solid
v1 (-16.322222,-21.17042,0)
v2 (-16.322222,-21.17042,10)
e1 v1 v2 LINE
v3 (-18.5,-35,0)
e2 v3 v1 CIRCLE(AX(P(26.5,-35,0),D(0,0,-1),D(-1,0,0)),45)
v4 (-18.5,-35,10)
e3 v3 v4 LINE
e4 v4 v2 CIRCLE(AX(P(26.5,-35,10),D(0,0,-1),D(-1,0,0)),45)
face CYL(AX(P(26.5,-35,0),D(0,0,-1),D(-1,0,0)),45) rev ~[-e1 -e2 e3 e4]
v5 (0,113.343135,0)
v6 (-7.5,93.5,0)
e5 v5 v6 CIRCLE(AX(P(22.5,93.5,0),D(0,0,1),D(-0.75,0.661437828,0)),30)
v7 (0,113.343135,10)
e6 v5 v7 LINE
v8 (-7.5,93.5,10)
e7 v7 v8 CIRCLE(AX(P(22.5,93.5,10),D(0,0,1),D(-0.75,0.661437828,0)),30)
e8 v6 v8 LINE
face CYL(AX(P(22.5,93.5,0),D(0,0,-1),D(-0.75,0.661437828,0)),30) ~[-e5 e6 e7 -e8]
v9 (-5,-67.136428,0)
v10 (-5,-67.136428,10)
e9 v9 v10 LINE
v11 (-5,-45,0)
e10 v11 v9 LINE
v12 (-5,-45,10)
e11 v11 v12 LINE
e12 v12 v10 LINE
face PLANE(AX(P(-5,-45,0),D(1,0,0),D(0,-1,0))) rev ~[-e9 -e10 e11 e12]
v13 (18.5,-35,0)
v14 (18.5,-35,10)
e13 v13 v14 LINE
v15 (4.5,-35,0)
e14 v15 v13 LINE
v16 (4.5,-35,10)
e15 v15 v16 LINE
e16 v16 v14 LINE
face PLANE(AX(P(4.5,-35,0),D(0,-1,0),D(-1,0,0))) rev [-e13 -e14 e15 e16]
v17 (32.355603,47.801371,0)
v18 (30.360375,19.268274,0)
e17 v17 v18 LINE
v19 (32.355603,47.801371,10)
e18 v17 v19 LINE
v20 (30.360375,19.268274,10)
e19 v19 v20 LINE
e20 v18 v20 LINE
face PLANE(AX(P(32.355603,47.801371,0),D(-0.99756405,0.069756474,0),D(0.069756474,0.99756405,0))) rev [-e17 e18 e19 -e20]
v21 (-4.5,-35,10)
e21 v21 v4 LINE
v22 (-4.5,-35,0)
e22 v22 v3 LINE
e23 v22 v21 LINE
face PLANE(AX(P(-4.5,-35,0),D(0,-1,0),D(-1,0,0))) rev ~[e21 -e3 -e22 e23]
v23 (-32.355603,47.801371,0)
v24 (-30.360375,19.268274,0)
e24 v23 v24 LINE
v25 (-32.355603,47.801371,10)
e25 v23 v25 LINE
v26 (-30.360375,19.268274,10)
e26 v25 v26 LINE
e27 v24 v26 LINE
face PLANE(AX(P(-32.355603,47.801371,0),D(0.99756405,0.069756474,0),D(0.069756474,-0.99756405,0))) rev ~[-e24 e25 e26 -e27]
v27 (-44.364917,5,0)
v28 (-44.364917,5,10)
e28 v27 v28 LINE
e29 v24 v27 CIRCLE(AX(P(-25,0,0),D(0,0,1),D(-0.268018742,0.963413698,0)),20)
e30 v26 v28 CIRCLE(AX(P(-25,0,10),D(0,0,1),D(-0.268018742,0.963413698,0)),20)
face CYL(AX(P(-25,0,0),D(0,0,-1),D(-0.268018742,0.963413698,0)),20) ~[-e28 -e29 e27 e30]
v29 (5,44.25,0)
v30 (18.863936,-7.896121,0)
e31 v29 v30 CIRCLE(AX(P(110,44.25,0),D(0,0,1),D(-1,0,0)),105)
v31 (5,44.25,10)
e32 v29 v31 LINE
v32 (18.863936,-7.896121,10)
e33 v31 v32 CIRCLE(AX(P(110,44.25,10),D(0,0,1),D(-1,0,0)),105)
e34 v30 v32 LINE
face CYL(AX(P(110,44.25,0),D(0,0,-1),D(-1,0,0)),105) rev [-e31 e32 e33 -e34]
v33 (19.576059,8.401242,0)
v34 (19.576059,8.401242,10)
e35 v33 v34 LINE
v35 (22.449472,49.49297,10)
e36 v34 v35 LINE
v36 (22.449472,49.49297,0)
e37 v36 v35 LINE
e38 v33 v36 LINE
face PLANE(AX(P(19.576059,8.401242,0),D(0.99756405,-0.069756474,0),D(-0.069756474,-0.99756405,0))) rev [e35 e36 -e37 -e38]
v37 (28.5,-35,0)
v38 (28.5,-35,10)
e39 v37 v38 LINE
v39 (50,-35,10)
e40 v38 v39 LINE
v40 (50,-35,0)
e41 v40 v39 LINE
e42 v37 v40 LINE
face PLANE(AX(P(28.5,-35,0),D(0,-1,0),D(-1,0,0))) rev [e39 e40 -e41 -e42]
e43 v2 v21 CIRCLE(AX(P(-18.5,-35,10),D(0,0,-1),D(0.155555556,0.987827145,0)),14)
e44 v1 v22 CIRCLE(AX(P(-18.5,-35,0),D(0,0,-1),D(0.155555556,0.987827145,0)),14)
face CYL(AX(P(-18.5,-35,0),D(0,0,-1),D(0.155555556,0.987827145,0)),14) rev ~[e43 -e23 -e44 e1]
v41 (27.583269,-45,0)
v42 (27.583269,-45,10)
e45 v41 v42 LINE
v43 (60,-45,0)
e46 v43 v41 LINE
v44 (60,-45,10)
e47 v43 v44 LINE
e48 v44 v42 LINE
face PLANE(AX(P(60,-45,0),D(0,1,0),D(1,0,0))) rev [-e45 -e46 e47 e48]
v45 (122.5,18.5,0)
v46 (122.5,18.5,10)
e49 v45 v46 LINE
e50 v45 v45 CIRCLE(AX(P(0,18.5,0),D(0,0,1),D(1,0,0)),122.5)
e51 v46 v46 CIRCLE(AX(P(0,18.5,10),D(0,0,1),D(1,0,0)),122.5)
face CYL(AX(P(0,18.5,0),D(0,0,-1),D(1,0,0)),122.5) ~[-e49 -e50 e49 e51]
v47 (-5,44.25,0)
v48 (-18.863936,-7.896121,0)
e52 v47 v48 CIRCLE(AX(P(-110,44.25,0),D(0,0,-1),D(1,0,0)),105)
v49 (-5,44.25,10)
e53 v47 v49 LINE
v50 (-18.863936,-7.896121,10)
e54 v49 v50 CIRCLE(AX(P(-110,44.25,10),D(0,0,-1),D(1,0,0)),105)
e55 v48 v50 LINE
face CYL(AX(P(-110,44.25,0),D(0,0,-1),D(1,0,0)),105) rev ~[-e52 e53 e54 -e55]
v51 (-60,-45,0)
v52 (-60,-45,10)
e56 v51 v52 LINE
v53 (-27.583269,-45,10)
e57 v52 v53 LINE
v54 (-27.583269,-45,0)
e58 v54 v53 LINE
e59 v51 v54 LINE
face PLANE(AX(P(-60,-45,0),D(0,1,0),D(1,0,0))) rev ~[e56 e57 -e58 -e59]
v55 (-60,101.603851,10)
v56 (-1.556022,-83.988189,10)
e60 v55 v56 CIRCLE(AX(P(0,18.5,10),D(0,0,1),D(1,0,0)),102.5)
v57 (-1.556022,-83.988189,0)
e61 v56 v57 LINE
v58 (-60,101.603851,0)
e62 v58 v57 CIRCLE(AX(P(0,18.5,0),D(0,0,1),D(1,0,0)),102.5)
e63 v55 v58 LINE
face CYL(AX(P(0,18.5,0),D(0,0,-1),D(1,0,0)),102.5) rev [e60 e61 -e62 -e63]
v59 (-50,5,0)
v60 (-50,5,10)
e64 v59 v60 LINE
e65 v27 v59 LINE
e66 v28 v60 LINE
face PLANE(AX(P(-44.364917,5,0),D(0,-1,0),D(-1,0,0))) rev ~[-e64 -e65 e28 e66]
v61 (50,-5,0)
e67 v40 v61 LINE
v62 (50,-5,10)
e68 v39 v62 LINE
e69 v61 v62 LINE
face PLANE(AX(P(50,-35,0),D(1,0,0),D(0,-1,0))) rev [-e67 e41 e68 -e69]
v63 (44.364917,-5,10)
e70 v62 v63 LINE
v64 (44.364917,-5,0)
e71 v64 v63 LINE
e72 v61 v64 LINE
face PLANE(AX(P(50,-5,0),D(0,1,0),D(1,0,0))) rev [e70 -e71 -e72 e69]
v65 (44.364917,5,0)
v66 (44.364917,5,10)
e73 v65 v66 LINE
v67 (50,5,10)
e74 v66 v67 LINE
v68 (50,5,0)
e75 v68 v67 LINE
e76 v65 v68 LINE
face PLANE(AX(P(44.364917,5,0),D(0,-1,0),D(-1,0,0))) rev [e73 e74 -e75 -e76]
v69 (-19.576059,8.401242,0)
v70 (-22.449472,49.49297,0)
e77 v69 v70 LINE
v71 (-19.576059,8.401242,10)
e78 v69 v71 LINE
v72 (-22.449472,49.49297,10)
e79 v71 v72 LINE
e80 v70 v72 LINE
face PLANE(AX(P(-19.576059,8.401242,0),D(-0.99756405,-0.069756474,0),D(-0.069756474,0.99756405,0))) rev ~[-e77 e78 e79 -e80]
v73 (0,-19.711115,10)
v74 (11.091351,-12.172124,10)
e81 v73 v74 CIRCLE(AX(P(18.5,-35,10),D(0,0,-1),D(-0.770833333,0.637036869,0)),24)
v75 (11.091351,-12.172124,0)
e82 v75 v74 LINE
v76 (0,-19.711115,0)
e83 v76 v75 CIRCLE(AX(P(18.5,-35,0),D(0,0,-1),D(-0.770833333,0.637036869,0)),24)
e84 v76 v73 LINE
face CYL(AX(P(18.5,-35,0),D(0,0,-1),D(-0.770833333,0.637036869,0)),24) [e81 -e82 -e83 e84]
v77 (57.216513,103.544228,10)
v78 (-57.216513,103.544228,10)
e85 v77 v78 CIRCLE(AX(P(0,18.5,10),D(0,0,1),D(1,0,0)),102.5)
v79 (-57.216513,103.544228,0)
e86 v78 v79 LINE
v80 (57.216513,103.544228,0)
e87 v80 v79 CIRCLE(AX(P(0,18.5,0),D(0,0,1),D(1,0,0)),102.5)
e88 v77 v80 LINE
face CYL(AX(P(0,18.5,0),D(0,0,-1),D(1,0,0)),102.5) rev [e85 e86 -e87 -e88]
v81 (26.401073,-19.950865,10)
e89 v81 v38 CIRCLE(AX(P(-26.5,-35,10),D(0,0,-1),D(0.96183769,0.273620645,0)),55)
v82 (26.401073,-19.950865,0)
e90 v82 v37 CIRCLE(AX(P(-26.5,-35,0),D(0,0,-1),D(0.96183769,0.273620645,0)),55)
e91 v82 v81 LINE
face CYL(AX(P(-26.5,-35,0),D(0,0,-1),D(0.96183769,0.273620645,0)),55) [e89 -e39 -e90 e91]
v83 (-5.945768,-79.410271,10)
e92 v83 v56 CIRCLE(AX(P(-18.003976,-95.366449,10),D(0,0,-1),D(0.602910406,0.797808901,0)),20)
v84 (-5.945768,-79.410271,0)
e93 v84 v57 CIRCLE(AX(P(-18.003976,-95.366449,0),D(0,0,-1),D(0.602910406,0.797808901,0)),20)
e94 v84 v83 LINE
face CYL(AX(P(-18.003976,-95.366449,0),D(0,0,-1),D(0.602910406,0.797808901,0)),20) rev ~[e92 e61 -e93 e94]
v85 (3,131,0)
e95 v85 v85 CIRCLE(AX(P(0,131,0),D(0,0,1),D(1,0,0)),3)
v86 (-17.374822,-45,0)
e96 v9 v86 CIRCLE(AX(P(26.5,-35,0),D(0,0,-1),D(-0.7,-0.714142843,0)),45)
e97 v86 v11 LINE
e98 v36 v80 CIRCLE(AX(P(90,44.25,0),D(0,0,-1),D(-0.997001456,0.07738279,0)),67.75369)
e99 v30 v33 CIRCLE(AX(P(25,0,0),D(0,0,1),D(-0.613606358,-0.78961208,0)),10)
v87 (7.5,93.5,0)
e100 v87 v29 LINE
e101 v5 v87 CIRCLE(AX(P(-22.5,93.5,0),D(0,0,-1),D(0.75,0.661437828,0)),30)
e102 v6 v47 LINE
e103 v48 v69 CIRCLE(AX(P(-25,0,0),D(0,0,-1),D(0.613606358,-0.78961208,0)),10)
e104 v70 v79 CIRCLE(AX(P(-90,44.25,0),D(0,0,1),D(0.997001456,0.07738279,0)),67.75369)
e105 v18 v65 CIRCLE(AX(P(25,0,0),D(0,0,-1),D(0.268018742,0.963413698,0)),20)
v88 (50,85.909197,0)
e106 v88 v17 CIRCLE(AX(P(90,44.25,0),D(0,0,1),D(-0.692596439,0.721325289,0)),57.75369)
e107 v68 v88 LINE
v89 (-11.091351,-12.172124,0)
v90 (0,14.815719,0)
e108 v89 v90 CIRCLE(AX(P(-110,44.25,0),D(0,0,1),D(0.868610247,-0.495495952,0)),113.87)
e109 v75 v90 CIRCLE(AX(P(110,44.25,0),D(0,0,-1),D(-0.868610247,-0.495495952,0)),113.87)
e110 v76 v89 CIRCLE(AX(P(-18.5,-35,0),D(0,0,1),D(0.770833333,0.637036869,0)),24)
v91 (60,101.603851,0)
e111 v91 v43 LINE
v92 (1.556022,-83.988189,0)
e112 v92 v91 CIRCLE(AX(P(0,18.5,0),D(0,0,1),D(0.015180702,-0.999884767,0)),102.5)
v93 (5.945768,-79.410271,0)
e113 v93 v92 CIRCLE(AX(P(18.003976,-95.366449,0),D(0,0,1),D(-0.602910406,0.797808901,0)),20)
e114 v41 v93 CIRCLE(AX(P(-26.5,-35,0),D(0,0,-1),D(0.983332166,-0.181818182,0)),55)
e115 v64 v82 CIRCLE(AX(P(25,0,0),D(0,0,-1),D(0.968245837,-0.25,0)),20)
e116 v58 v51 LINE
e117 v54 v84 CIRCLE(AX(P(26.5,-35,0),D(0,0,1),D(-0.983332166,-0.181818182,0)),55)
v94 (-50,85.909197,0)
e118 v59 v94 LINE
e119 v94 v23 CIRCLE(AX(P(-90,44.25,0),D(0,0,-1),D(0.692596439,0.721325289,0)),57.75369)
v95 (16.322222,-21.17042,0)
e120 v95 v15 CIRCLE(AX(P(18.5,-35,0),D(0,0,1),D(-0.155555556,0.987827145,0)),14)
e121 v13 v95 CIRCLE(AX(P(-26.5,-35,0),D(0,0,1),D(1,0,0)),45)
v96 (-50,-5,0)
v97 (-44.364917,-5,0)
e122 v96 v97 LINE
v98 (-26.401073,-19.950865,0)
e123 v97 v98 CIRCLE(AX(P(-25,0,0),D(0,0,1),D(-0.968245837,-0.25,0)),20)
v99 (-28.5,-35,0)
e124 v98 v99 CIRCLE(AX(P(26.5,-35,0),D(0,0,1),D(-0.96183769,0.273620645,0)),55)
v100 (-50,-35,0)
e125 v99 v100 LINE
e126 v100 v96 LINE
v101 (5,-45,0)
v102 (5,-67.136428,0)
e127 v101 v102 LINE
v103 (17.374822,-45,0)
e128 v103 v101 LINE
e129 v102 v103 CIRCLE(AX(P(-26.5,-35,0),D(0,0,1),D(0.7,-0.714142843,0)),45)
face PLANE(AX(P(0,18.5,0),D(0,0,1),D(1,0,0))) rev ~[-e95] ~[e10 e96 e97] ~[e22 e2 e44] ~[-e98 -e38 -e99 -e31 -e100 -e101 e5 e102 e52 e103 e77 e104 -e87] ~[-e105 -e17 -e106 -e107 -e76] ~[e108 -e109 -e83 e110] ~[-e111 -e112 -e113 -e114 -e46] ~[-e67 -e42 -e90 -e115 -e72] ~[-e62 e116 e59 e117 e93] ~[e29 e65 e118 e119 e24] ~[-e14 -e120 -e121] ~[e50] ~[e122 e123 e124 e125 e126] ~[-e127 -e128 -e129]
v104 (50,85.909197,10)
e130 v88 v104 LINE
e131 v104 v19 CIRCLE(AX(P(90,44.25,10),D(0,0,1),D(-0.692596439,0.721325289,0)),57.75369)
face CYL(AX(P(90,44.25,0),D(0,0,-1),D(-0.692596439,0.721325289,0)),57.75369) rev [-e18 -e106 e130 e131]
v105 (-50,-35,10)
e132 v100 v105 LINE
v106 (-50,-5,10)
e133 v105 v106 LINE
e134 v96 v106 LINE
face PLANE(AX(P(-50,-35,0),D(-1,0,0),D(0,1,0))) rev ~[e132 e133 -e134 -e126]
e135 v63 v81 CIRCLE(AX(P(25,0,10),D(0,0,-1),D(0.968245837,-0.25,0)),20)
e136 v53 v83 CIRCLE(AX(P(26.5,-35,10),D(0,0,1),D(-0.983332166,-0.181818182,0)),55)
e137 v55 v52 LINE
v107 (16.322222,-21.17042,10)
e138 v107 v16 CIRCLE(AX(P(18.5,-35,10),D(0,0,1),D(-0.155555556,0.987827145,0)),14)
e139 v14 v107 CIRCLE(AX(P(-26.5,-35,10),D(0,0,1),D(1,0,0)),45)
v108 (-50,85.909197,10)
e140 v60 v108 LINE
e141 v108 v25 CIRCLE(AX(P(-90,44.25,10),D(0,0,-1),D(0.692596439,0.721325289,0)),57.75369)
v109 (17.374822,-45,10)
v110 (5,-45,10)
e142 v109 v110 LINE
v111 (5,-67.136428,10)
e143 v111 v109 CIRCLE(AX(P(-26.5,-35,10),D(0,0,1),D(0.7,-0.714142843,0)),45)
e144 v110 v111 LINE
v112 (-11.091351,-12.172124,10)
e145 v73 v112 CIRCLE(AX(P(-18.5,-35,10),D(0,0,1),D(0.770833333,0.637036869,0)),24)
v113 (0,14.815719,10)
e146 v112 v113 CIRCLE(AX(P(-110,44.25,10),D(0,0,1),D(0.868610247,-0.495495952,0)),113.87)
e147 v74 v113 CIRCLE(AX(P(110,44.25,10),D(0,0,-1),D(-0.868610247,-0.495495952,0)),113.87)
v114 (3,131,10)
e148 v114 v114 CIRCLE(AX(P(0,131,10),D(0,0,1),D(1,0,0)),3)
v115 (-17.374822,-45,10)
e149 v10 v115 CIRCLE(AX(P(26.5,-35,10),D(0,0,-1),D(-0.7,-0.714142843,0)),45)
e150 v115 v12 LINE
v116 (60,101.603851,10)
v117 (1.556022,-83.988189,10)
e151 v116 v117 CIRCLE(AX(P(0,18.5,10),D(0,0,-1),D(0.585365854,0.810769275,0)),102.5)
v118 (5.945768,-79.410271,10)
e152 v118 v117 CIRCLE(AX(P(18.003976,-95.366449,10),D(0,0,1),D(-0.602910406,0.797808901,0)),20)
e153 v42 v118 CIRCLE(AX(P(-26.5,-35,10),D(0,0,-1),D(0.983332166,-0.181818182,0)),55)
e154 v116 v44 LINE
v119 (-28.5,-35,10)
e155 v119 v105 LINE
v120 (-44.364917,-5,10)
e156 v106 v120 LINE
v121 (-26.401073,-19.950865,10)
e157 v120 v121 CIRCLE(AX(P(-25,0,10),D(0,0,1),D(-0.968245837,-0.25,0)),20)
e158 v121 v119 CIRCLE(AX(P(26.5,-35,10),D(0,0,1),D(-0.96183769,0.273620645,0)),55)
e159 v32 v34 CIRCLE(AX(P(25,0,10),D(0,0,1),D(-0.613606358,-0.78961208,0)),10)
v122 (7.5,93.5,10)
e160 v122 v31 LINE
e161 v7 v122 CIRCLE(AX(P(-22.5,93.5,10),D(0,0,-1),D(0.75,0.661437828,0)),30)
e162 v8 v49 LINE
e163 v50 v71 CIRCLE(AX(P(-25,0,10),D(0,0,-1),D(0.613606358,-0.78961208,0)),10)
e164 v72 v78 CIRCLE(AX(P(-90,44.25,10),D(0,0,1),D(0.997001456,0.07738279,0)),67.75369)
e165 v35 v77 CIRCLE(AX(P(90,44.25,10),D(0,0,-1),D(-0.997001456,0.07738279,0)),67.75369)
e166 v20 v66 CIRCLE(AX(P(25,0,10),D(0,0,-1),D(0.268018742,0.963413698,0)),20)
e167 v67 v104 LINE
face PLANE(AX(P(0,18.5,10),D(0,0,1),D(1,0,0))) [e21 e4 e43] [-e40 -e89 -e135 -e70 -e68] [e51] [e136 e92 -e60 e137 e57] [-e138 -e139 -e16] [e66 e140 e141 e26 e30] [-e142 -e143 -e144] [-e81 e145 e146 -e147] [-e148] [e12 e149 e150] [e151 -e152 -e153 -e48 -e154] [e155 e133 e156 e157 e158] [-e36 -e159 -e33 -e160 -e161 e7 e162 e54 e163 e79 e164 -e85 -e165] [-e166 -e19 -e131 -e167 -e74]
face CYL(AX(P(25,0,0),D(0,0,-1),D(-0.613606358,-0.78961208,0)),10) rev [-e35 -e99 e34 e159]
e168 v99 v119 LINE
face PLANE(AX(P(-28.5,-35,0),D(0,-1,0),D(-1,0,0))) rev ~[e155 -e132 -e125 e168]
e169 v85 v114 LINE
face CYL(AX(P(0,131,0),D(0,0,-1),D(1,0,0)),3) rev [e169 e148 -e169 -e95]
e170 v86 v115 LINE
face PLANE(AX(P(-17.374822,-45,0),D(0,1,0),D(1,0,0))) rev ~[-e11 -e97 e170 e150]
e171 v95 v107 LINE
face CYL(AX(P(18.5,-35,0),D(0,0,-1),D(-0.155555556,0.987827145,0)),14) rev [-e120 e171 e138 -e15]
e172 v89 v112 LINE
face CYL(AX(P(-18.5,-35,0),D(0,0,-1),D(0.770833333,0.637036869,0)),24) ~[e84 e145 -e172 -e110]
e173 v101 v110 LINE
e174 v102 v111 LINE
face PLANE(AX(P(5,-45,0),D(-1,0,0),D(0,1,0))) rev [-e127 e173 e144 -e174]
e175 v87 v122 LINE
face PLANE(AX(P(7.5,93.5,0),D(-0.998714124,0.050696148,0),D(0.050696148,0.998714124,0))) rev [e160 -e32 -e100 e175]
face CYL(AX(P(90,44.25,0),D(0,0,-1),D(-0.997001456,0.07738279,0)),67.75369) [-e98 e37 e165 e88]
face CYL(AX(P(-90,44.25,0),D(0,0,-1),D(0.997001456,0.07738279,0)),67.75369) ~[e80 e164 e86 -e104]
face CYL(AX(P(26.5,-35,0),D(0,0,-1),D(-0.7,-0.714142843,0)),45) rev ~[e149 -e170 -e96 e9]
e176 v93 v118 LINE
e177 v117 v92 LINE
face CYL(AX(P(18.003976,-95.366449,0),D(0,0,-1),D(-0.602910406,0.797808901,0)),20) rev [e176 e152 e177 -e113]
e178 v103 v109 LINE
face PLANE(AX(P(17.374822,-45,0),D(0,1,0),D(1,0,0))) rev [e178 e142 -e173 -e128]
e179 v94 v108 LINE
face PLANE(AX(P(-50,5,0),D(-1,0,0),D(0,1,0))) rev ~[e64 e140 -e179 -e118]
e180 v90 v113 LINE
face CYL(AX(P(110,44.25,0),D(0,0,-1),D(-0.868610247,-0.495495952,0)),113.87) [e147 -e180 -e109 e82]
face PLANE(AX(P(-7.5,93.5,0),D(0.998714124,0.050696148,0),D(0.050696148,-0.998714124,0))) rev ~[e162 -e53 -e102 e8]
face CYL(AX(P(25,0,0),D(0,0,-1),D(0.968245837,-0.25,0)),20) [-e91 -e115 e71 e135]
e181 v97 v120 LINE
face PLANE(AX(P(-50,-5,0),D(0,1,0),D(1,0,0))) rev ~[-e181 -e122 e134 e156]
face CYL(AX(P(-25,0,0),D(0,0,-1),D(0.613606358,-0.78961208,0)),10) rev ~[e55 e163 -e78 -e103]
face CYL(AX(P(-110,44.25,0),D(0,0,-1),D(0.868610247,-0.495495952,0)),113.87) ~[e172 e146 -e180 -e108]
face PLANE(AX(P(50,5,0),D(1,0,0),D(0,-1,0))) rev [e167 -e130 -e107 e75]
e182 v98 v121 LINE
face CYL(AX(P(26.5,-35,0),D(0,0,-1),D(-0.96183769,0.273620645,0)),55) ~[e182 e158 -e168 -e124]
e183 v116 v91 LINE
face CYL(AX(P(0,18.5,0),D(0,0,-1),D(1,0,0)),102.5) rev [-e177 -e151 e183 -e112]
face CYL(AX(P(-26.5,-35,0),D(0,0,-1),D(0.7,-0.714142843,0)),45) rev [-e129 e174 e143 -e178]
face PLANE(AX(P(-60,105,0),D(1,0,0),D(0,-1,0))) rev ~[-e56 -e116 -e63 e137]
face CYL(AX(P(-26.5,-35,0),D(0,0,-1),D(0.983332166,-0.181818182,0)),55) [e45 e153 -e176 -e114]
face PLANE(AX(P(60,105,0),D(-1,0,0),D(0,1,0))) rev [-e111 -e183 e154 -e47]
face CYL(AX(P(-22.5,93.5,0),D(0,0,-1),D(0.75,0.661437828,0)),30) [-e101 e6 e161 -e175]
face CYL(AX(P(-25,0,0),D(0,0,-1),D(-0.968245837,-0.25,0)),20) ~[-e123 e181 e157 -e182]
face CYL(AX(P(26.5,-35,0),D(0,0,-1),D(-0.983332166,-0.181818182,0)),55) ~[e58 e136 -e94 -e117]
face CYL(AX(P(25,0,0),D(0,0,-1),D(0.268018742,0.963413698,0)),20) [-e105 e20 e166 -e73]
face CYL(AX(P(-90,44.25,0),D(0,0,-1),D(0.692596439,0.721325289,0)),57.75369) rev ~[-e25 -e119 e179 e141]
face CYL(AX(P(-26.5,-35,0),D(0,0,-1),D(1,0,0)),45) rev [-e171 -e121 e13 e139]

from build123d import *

# Parameters (mm, degrees)
EXTRUDE_1_DEPTH = 10
SKETCH_3_R      = 122.5
SKETCH_3_R_2    = 102.5
SKETCH_3_R_3    = 3
EXTRUDE_2_DEPTH = 10


with BuildPart() as part:
    # Эскиз1 → Бобышка-Вытянуть1 (new body)
    with BuildSketch(Plane.XY):
        with BuildLine():
            Line((-60, -45), (-27.583269132, -45))
            ThreePointArc((-27.583269132, -45), (-20.06001769, -64.277376125), (-5.945767968, -79.41027067))
            ThreePointArc((-5.945767968, -79.41027067), (-2.542345747, -82.680315027), (0, -86.656865167))
            Line((0, -86.656865167), (0, -19.711115149))
            ThreePointArc((0, -19.711115149), (-5.008387109, -15.151161707), (-11.091351129, -12.172124017))
            ThreePointArc((-11.091351129, -12.172124017), (-4.677676581, 0.965070873), (0, 14.815718966))
            Line((0, 14.815718966), (0, 113.343134833))
            ThreePointArc((0, 113.343134833), (-5.562430401, 104.106601718), (-7.5, 93.5))
            Line((-7.5, 93.5), (-5, 44.25))
            ThreePointArc((-5, 44.25), (-8.525159088, 17.271181236), (-18.863936417, -7.896120801))
            ThreePointArc((-18.863936417, -7.896120801), (-34.990467135, -0.436539144), (-19.576058944, 8.401241779))
            Line((-19.576058944, 8.401241779), (-22.449472465, 49.49296956))
            ThreePointArc((-22.449472465, 49.49296956), (-33.881518529, 82.214174393), (-60, 105))
            Line((-60, 105), (-60, -45))
        make_face()
        with BuildLine():
            ThreePointArc((-26.401072965, -19.950864506), (-27.972740949, -27.40259956), (-28.5, -35))
            Line((-28.5, -35), (-50, -35))
            Line((-50, -35), (-50, -5))
            Line((-50, -5), (-44.364916731, -5))
            ThreePointArc((-44.364916731, -5), (-37.794087282, -15.372421104), (-26.401072965, -19.950864506))
        make_face(mode=Mode.SUBTRACT)
        with BuildLine():
            Line((-5, -45), (-5, -67.136427928))
            ThreePointArc((-5, -67.136427928), (-12.779082294, -56.957998409), (-17.374821937, -45))
            Line((-17.374821937, -45), (-5, -45))
        make_face(mode=Mode.SUBTRACT)
        with BuildLine():
            Line((-4.5, -35), (-18.5, -35))
            ThreePointArc((-18.5, -35), (-17.952221542, -28), (-16.322222222, -21.170419965))
            ThreePointArc((-16.322222222, -21.170419965), (-7.858362699, -25.902991945), (-4.5, -35))
        make_face(mode=Mode.SUBTRACT)
        with BuildLine():
            Line((-44.364916731, 5), (-50, 5))
            Line((-50, 5), (-50, 85.909197079))
            ThreePointArc((-50, 85.909197079), (-37.591425702, 68.515820434), (-32.355603325, 47.801370616))
            Line((-32.355603325, 47.801370616), (-30.360374841, 19.268273964))
            ThreePointArc((-30.360374841, 19.268273964), (-39.273434111, 14.009606657), (-44.364916731, 5))
        make_face(mode=Mode.SUBTRACT)
    extrude_1 = extrude(amount=EXTRUDE_1_DEPTH)

    # Зеркальное отражение1: Бобышка-Вытянуть1 across plane
    add(extrude_1.mirror(Plane(origin=(0, 0, 0), x_dir=(0, 0, 1), z_dir=(1, 0, 0))))

    # Эскиз3 → Бобышка-Вытянуть2 (add)
    with BuildSketch(Plane.XY):
        with Locations((0, 18.5)):
            Circle(SKETCH_3_R)
        with Locations((0, 18.5)):
            Circle(SKETCH_3_R_2, mode=Mode.SUBTRACT)
        with Locations((0, 131)):
            Circle(SKETCH_3_R_3, mode=Mode.SUBTRACT)
    extrude(amount=EXTRUDE_2_DEPTH)


solid = part.part
